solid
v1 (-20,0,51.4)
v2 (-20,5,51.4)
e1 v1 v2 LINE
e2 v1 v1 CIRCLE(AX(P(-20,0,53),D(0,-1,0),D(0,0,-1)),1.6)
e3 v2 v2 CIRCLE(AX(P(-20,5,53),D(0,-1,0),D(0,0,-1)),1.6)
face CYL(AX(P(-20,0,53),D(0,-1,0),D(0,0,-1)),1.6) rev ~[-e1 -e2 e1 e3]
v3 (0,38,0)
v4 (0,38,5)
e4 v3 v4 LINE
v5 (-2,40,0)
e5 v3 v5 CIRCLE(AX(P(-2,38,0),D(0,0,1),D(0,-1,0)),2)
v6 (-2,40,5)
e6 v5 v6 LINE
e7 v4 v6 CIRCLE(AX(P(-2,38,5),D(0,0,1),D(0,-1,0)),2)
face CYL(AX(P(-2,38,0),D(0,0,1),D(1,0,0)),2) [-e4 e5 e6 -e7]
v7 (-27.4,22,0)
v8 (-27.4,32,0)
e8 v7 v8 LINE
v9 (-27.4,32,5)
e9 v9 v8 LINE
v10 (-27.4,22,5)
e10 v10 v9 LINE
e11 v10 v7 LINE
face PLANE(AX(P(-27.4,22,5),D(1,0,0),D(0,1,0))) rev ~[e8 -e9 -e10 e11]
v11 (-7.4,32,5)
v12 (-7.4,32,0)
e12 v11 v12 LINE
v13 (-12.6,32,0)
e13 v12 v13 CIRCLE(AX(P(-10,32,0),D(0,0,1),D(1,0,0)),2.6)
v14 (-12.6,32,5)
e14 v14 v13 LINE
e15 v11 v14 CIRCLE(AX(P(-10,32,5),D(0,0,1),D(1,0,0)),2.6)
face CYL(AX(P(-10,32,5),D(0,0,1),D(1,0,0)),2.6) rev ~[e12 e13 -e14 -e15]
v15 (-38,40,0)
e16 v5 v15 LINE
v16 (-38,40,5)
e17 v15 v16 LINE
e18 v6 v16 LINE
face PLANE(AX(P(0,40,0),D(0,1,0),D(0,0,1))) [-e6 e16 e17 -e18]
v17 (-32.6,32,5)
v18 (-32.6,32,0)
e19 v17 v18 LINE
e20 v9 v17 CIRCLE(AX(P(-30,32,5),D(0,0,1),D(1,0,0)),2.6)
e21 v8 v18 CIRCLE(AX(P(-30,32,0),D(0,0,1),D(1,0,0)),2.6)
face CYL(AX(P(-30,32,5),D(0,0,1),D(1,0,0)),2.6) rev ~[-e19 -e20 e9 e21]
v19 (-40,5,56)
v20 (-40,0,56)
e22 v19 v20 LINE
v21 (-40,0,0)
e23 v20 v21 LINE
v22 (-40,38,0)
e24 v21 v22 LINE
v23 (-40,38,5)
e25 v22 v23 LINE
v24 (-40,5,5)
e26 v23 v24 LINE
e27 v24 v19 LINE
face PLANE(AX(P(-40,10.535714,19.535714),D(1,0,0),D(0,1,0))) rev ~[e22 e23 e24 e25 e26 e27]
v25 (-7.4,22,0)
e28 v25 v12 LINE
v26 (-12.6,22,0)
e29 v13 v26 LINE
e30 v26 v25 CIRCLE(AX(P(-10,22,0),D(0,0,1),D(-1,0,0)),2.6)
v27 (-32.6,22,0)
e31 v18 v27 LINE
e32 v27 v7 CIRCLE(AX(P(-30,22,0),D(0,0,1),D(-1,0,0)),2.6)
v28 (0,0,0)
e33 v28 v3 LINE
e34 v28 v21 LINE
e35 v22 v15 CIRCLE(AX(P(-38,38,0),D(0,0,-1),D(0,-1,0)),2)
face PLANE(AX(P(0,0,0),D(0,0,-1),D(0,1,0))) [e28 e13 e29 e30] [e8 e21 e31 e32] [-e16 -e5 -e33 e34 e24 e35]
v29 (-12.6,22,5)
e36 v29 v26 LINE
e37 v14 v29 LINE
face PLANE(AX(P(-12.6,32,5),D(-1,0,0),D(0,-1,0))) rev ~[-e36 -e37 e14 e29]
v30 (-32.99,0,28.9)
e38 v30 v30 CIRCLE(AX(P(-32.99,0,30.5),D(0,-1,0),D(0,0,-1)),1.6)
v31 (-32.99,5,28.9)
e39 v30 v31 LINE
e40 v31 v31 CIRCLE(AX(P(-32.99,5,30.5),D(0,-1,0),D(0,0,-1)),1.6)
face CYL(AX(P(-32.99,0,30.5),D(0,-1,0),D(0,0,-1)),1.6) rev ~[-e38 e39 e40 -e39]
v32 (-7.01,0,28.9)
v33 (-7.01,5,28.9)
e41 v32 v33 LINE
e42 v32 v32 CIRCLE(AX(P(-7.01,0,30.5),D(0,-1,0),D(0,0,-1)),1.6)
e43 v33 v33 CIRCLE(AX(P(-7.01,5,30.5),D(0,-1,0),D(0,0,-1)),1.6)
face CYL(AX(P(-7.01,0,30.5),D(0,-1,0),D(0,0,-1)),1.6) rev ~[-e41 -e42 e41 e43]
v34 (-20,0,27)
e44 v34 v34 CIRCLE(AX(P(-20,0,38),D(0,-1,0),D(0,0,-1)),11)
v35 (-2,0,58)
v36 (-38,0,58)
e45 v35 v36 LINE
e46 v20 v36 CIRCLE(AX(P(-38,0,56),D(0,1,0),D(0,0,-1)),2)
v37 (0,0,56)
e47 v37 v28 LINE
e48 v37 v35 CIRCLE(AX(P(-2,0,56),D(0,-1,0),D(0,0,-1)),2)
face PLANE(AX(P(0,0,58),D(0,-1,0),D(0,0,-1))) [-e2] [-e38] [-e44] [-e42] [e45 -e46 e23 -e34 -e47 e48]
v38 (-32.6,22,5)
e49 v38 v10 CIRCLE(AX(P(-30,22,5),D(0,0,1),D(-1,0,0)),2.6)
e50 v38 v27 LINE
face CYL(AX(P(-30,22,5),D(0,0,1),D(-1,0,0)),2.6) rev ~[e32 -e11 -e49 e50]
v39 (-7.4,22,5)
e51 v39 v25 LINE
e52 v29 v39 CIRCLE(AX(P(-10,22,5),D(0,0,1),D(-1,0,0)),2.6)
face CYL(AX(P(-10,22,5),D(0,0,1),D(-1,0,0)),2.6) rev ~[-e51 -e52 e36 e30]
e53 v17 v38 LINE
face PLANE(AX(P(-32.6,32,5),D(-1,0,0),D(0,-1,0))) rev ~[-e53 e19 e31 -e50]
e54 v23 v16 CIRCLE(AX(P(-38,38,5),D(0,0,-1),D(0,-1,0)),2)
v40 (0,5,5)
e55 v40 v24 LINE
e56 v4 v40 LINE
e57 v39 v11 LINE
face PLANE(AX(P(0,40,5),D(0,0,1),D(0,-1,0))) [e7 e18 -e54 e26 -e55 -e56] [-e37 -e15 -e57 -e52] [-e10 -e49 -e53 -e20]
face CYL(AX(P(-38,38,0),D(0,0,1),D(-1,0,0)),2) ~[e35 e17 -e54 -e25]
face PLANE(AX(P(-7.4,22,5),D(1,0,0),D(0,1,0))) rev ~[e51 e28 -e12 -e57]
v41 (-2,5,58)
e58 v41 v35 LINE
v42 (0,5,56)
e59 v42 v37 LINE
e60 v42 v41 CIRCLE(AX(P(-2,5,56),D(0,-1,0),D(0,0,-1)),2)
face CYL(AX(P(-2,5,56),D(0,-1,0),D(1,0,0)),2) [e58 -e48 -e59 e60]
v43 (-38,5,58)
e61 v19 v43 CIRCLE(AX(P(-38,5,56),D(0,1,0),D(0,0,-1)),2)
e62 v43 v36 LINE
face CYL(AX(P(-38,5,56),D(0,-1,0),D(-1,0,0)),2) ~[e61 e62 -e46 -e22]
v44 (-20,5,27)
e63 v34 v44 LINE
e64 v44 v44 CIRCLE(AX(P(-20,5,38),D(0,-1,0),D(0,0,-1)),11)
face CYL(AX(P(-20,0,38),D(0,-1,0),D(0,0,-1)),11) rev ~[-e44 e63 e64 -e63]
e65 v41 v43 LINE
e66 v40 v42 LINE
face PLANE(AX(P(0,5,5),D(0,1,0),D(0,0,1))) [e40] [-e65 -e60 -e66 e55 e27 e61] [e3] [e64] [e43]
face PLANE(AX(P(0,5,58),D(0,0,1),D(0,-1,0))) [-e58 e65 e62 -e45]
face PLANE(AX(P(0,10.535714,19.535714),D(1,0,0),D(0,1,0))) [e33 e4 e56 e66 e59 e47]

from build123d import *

# Parameters (mm, degrees)
PAD_DEPTH       = 40
SKETCH001_R     = 11
POCKET_DEPTH    = 5
SKETCH002_R     = 1.6
POCKET001_DEPTH = 40.001
FILLET_R        = 2
POCKET002_DEPTH = 5
FILLET001_R     = 2


with BuildPart() as part:
    # Sketch → Pad (new body)
    with BuildSketch(Plane.YZ):
        Polygon((5, 5), (5, 58), (0, 58), (0, 0), (40, 0), (40, 5), align=None)
    extrude(amount=-PAD_DEPTH)

    # Sketch001 (on Face3 of Pad) → Pocket (cut)
    with BuildSketch(Plane(origin=(0, 0, 0), x_dir=(0, 0, -1), z_dir=(0, -1, 0))):
        with Locations((-38, -20)):
            Circle(SKETCH001_R)
    extrude(amount=-POCKET_DEPTH, mode=Mode.SUBTRACT)

    # Sketch002 (on Face8 of Pocket) → Pocket001 (cut, through all)
    with BuildSketch(Plane(origin=(0, 0, 0), x_dir=(0, 0, -1), z_dir=(0, -1, 0))):
        with Locations((-53, -20)):
            Circle(SKETCH002_R)
        with Locations((-30.5, -32.99)):
            Circle(SKETCH002_R)
        with Locations((-30.5, -7.01)):
            Circle(SKETCH002_R)
    extrude(amount=-POCKET001_DEPTH, mode=Mode.SUBTRACT)

    # Fillet
    fillet_edges = [part.edges().sort_by_distance(p)[0] for p in [
        (0, 2.5, 58),
        (-40, 2.5, 58),
    ]]
    fillet(fillet_edges, radius=FILLET_R)

    # Sketch003 (on Face4 of Fillet) → Pocket002 (cut)
    with BuildSketch(Plane(origin=(0, 0, 5), x_dir=(0, -1, 0), z_dir=(0, 0, 1))):
        with BuildLine():
            ThreePointArc((-32, -7.4), (-34.6, -10), (-32, -12.6))
            Line((-32, -12.6), (-22, -12.6))
            ThreePointArc((-22, -12.6), (-19.4, -10), (-22, -7.4))
            Line((-22, -7.4), (-32, -7.4))
        make_face()
        with BuildLine():
            ThreePointArc((-32, -27.4), (-34.6, -30), (-32, -32.6))
            Line((-32, -32.6), (-22, -32.6))
            ThreePointArc((-22, -32.6), (-19.4, -30), (-22, -27.4))
            Line((-22, -27.4), (-32, -27.4))
        make_face()
    extrude(amount=-POCKET002_DEPTH, mode=Mode.SUBTRACT)

    # Fillet001
    fillet001_edges = [part.edges().sort_by_distance(p)[0] for p in [
        (0, 40, 2.5),
        (-40, 40, 2.5),
    ]]
    fillet(fillet001_edges, radius=FILLET001_R)


solid = part.part
